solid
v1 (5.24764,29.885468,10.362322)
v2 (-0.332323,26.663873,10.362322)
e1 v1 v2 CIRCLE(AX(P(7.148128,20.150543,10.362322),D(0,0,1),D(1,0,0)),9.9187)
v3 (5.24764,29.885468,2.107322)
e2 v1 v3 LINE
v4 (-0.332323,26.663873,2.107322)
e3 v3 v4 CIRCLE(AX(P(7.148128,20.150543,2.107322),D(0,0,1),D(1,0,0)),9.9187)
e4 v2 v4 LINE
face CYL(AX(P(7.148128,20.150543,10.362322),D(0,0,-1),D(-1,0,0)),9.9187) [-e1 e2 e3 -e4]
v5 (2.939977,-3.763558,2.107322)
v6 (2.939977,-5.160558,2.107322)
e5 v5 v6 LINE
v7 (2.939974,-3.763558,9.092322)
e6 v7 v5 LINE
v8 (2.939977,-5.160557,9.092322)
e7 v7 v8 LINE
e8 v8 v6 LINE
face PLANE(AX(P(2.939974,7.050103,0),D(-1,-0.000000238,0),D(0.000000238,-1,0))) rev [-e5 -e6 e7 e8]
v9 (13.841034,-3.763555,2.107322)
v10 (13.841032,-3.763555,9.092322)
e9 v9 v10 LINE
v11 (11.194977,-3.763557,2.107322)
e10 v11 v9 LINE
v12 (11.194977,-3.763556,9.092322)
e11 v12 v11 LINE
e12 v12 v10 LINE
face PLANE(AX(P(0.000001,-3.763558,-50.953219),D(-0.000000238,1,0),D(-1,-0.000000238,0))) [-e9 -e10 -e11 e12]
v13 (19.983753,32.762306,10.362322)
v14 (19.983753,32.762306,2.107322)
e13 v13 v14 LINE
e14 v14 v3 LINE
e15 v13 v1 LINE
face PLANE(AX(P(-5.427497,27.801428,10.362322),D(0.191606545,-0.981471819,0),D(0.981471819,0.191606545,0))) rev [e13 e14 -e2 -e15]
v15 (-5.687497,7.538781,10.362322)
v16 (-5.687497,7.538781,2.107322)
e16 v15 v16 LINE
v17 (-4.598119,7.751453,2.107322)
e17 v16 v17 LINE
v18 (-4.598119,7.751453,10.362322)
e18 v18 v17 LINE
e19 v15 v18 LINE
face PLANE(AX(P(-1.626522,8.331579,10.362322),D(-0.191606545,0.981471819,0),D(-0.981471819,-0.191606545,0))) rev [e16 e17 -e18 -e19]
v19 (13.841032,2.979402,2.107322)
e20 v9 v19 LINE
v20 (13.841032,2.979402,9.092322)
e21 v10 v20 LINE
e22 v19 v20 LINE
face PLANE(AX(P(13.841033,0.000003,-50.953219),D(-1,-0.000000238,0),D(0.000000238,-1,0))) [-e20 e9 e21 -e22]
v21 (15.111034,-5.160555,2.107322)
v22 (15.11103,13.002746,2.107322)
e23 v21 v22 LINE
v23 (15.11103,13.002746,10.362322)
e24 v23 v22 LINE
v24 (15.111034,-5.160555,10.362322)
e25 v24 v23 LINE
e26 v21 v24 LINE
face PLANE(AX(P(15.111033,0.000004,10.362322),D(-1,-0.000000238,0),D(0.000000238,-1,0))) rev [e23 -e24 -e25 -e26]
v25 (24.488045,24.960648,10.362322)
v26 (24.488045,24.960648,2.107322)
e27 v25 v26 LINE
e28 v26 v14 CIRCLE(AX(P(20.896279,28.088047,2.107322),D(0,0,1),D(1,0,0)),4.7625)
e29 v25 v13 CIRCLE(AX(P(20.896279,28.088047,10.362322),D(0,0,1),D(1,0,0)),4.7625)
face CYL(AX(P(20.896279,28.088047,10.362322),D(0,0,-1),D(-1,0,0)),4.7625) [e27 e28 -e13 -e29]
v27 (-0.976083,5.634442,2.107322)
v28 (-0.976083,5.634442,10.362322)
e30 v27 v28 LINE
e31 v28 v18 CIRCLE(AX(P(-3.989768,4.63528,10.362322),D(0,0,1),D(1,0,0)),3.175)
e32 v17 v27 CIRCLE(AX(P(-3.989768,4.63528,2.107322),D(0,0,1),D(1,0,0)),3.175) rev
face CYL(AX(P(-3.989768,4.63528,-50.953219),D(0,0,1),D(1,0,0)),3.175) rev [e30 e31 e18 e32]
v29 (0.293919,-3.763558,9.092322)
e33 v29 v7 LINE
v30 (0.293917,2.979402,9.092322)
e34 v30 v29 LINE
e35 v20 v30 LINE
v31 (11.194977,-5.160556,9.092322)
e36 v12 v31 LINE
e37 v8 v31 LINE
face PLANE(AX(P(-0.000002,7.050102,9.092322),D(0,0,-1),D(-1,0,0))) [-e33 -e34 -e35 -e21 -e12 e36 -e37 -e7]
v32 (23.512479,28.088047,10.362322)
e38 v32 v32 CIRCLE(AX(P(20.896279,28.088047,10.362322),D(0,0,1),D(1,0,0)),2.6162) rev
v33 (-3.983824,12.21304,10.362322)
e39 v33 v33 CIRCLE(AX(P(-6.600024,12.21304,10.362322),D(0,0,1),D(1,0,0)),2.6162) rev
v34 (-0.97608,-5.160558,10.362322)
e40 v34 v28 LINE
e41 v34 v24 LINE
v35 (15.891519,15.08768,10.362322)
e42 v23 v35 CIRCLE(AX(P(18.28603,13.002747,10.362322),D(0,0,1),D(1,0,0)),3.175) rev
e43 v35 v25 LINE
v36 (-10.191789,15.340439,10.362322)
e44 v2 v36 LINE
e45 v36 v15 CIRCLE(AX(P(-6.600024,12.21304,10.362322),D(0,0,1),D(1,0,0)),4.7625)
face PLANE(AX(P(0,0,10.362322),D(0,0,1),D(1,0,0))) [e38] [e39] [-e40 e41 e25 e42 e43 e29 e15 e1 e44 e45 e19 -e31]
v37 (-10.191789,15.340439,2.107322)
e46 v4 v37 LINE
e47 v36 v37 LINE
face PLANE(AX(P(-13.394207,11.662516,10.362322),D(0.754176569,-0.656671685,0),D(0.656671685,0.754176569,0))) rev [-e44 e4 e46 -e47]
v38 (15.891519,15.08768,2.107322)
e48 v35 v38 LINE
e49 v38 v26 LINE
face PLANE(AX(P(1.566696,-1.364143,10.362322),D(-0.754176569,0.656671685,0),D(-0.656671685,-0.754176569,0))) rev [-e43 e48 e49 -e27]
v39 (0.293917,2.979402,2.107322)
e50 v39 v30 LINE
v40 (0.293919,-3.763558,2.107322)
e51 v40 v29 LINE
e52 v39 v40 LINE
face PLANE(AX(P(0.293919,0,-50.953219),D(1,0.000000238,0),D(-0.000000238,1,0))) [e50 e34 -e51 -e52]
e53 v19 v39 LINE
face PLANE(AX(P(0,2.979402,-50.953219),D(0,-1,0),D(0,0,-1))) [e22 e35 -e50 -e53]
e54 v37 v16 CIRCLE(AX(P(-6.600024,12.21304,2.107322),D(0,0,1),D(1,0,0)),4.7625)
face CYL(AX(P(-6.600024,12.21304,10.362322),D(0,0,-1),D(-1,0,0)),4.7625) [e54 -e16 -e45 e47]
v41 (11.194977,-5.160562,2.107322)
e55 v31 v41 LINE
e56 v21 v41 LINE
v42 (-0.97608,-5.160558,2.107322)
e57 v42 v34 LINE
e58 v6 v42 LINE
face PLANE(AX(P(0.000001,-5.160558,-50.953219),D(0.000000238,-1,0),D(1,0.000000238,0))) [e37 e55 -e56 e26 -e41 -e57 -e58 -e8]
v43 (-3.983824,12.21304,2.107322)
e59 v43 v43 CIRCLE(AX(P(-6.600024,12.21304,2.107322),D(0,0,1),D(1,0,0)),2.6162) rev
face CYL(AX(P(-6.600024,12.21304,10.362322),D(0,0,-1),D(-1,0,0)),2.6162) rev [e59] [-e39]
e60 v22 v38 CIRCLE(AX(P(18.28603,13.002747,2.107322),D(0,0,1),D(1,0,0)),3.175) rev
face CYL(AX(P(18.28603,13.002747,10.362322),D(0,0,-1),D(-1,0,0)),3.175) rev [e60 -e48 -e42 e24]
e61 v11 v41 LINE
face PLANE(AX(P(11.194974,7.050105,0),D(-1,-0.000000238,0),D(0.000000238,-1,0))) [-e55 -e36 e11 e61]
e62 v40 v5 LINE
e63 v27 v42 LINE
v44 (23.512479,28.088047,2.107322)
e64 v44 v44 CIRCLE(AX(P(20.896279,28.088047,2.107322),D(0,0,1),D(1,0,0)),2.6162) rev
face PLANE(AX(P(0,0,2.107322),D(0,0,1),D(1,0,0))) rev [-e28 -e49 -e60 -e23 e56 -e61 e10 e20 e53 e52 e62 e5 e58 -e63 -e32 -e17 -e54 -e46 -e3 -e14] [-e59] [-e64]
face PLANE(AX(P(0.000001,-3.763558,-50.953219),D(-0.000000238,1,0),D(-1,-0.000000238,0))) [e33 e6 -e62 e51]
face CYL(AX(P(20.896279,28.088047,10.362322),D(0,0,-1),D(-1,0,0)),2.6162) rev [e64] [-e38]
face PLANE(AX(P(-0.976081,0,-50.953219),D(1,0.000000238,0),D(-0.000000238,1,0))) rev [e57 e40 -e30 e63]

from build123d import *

# Parameters (mm, degrees)
SKETCH1_R               = 2.6162
BOSS_EXTRUDE1_DEPTH     = 8.255
BOSS_EXTRUDE2_START     = -8.255
BOSS_EXTRUDE2_DEPTH     = 8.255
CUT_EXTRUDE1_DEPTH      = 48.016961983
CUT_EXTRUDE1_DEPTH_BACK = 1.397
SKETCH3_W               = 8.255
SKETCH3_H               = 6.985
BOSS_EXTRUDE3_DEPTH     = 1.27


with BuildPart() as part:
    # Sketch1 → Boss-Extrude1 (new body)
    with BuildSketch(Plane.XY.offset(2.107322193)):
        with BuildLine():
            Line((-0.976083412, 8.428441548), (0.293916588, 8.428441851))
            Line((0.293916588, 8.428441851), (0.293916229, 9.932994282))
            ThreePointArc((0.293916229, 9.932994282), (-0.000418872, 12.651350758), (-0.869779891, 15.243706156))
            Line((-0.869779891, 15.243706156), (-0.976085093, 15.474629701))
            ThreePointArc((-0.976085093, 15.474629701), (6.540220685, 27.79826422), (15.111028831, 16.183270977))
            Line((15.111028831, 16.183270977), (14.582439814, 14.704895001))
            ThreePointArc((14.582439814, 14.704895001), (14.027755034, 12.598915738), (13.841030203, 10.42913287))
            Line((13.841030203, 10.42913287), (13.84103068, 8.428445081))
            Line((13.84103068, 8.428445081), (15.11103068, 8.428445384))
            Line((15.11103068, 8.428445384), (15.111029589, 13.002746336))
            ThreePointArc((15.111029589, 13.002746336), (15.312546971, 14.115862595), (15.891518981, 15.087679694))
            Line((15.891518981, 15.087679694), (24.488045189, 24.960647863))
            ThreePointArc((24.488045189, 24.960647863), (25.020724695, 30.469297747), (19.983753108, 32.762306303))
            Line((19.983753108, 32.762306303), (5.247640051, 29.885468019))
            ThreePointArc((5.247640051, 29.885468019), (2.188775836, 28.740388475), (-0.332323255, 26.663872928))
            Line((-0.332323255, 26.663872928), (-10.19178942, 15.340439107))
            ThreePointArc((-10.19178942, 15.340439107), (-10.724468925, 9.831789223), (-5.687497339, 7.538780667))
            Line((-5.687497339, 7.538780667), (-4.598119195, 7.751453082))
            ThreePointArc((-4.598119195, 7.751453082), (-2.818463394, 8.257741333), (-0.976083412, 8.428441548))
        make_face()
        with Locations((-6.600023508, 12.213040207)):
            Circle(SKETCH1_R, mode=Mode.SUBTRACT)
        with Locations((20.896279277, 28.088046763)):
            Circle(SKETCH1_R, mode=Mode.SUBTRACT)
    extrude(amount=BOSS_EXTRUDE1_DEPTH)

    # Sketch2 → Boss-Extrude2 (add)
    with BuildSketch(Plane.XY.offset(10.362322193).offset(BOSS_EXTRUDE2_START)):
        with BuildLine():
            Line((0.293916229, 9.932991253), (0.293916588, 8.428441851))
            Line((0.293916588, 8.428441851), (-0.976083412, 8.428441548))
            ThreePointArc((-0.976083412, 8.428441548), (-2.818463394, 8.257741333), (-4.598119195, 7.751453082))
            ThreePointArc((-4.598119195, 7.751453082), (-2.387631267, 7.376407845), (-0.976082746, 5.634441548))
            Line((-0.976082746, 5.634441548), (-0.976080172, -5.160558452))
            Line((-0.976080172, -5.160558452), (15.11103392, -5.160554616))
            Line((15.11103392, -5.160554616), (15.11103068, 8.428445384))
            Line((15.11103068, 8.428445384), (13.84103068, 8.428445081))
            Line((13.84103068, 8.428445081), (13.841030203, 10.42913287))
            ThreePointArc((13.841030203, 10.42913287), (14.027755034, 12.598915738), (14.582439814, 14.704895001))
            Line((14.582439814, 14.704895001), (15.111028831, 16.183270977))
            ThreePointArc((15.111028831, 16.183270977), (6.540220685, 27.79826422), (-0.976085093, 15.474629701))
            Line((-0.976085093, 15.474629701), (-0.869779891, 15.243706156))
            ThreePointArc((-0.869779891, 15.243706156), (-0.000418548, 12.651349279), (0.293916229, 9.932991253))
        make_face()
        Polygon((0.293917905, 2.903941851), (0.293916588, 2.979402319), (13.841031997, 2.979402319), (13.841031997, 2.903945081), (13.841033587, -3.763554919), (0.293919495, -3.763558149), align=None, mode=Mode.SUBTRACT)
    extrude(amount=BOSS_EXTRUDE2_DEPTH)

    # Sketch3 → Cut-Extrude1 (cut, two sides: drawn at the far end of the back side and taken through both)
    with BuildSketch(Plane(origin=(1.231e-06, -5.160558219, 0), x_dir=(0.9999999999999716, 2.3845959458266363e-07, 0), z_dir=(2.3845959458266363e-07, -0.9999999999999716, 0)).offset(-CUT_EXTRUDE1_DEPTH_BACK)):
        with Locations((7.067475644, 5.599822193)):
            Rectangle(SKETCH3_W, SKETCH3_H)
    extrude(amount=CUT_EXTRUDE1_DEPTH + CUT_EXTRUDE1_DEPTH_BACK, mode=Mode.SUBTRACT)

    # Sketch4 → Boss-Extrude3 (add)
    with BuildSketch(Plane.XY.offset(10.362322193)):
        Polygon((13.841031997, 2.903945081), (13.841031997, 2.979402319), (0.293916588, 2.979402319), (0.293917905, 2.903941851), (0.293919495, -3.763558149), (13.841033587, -3.763554919), align=None)
    extrude(amount=-BOSS_EXTRUDE3_DEPTH)


solid = part.part
